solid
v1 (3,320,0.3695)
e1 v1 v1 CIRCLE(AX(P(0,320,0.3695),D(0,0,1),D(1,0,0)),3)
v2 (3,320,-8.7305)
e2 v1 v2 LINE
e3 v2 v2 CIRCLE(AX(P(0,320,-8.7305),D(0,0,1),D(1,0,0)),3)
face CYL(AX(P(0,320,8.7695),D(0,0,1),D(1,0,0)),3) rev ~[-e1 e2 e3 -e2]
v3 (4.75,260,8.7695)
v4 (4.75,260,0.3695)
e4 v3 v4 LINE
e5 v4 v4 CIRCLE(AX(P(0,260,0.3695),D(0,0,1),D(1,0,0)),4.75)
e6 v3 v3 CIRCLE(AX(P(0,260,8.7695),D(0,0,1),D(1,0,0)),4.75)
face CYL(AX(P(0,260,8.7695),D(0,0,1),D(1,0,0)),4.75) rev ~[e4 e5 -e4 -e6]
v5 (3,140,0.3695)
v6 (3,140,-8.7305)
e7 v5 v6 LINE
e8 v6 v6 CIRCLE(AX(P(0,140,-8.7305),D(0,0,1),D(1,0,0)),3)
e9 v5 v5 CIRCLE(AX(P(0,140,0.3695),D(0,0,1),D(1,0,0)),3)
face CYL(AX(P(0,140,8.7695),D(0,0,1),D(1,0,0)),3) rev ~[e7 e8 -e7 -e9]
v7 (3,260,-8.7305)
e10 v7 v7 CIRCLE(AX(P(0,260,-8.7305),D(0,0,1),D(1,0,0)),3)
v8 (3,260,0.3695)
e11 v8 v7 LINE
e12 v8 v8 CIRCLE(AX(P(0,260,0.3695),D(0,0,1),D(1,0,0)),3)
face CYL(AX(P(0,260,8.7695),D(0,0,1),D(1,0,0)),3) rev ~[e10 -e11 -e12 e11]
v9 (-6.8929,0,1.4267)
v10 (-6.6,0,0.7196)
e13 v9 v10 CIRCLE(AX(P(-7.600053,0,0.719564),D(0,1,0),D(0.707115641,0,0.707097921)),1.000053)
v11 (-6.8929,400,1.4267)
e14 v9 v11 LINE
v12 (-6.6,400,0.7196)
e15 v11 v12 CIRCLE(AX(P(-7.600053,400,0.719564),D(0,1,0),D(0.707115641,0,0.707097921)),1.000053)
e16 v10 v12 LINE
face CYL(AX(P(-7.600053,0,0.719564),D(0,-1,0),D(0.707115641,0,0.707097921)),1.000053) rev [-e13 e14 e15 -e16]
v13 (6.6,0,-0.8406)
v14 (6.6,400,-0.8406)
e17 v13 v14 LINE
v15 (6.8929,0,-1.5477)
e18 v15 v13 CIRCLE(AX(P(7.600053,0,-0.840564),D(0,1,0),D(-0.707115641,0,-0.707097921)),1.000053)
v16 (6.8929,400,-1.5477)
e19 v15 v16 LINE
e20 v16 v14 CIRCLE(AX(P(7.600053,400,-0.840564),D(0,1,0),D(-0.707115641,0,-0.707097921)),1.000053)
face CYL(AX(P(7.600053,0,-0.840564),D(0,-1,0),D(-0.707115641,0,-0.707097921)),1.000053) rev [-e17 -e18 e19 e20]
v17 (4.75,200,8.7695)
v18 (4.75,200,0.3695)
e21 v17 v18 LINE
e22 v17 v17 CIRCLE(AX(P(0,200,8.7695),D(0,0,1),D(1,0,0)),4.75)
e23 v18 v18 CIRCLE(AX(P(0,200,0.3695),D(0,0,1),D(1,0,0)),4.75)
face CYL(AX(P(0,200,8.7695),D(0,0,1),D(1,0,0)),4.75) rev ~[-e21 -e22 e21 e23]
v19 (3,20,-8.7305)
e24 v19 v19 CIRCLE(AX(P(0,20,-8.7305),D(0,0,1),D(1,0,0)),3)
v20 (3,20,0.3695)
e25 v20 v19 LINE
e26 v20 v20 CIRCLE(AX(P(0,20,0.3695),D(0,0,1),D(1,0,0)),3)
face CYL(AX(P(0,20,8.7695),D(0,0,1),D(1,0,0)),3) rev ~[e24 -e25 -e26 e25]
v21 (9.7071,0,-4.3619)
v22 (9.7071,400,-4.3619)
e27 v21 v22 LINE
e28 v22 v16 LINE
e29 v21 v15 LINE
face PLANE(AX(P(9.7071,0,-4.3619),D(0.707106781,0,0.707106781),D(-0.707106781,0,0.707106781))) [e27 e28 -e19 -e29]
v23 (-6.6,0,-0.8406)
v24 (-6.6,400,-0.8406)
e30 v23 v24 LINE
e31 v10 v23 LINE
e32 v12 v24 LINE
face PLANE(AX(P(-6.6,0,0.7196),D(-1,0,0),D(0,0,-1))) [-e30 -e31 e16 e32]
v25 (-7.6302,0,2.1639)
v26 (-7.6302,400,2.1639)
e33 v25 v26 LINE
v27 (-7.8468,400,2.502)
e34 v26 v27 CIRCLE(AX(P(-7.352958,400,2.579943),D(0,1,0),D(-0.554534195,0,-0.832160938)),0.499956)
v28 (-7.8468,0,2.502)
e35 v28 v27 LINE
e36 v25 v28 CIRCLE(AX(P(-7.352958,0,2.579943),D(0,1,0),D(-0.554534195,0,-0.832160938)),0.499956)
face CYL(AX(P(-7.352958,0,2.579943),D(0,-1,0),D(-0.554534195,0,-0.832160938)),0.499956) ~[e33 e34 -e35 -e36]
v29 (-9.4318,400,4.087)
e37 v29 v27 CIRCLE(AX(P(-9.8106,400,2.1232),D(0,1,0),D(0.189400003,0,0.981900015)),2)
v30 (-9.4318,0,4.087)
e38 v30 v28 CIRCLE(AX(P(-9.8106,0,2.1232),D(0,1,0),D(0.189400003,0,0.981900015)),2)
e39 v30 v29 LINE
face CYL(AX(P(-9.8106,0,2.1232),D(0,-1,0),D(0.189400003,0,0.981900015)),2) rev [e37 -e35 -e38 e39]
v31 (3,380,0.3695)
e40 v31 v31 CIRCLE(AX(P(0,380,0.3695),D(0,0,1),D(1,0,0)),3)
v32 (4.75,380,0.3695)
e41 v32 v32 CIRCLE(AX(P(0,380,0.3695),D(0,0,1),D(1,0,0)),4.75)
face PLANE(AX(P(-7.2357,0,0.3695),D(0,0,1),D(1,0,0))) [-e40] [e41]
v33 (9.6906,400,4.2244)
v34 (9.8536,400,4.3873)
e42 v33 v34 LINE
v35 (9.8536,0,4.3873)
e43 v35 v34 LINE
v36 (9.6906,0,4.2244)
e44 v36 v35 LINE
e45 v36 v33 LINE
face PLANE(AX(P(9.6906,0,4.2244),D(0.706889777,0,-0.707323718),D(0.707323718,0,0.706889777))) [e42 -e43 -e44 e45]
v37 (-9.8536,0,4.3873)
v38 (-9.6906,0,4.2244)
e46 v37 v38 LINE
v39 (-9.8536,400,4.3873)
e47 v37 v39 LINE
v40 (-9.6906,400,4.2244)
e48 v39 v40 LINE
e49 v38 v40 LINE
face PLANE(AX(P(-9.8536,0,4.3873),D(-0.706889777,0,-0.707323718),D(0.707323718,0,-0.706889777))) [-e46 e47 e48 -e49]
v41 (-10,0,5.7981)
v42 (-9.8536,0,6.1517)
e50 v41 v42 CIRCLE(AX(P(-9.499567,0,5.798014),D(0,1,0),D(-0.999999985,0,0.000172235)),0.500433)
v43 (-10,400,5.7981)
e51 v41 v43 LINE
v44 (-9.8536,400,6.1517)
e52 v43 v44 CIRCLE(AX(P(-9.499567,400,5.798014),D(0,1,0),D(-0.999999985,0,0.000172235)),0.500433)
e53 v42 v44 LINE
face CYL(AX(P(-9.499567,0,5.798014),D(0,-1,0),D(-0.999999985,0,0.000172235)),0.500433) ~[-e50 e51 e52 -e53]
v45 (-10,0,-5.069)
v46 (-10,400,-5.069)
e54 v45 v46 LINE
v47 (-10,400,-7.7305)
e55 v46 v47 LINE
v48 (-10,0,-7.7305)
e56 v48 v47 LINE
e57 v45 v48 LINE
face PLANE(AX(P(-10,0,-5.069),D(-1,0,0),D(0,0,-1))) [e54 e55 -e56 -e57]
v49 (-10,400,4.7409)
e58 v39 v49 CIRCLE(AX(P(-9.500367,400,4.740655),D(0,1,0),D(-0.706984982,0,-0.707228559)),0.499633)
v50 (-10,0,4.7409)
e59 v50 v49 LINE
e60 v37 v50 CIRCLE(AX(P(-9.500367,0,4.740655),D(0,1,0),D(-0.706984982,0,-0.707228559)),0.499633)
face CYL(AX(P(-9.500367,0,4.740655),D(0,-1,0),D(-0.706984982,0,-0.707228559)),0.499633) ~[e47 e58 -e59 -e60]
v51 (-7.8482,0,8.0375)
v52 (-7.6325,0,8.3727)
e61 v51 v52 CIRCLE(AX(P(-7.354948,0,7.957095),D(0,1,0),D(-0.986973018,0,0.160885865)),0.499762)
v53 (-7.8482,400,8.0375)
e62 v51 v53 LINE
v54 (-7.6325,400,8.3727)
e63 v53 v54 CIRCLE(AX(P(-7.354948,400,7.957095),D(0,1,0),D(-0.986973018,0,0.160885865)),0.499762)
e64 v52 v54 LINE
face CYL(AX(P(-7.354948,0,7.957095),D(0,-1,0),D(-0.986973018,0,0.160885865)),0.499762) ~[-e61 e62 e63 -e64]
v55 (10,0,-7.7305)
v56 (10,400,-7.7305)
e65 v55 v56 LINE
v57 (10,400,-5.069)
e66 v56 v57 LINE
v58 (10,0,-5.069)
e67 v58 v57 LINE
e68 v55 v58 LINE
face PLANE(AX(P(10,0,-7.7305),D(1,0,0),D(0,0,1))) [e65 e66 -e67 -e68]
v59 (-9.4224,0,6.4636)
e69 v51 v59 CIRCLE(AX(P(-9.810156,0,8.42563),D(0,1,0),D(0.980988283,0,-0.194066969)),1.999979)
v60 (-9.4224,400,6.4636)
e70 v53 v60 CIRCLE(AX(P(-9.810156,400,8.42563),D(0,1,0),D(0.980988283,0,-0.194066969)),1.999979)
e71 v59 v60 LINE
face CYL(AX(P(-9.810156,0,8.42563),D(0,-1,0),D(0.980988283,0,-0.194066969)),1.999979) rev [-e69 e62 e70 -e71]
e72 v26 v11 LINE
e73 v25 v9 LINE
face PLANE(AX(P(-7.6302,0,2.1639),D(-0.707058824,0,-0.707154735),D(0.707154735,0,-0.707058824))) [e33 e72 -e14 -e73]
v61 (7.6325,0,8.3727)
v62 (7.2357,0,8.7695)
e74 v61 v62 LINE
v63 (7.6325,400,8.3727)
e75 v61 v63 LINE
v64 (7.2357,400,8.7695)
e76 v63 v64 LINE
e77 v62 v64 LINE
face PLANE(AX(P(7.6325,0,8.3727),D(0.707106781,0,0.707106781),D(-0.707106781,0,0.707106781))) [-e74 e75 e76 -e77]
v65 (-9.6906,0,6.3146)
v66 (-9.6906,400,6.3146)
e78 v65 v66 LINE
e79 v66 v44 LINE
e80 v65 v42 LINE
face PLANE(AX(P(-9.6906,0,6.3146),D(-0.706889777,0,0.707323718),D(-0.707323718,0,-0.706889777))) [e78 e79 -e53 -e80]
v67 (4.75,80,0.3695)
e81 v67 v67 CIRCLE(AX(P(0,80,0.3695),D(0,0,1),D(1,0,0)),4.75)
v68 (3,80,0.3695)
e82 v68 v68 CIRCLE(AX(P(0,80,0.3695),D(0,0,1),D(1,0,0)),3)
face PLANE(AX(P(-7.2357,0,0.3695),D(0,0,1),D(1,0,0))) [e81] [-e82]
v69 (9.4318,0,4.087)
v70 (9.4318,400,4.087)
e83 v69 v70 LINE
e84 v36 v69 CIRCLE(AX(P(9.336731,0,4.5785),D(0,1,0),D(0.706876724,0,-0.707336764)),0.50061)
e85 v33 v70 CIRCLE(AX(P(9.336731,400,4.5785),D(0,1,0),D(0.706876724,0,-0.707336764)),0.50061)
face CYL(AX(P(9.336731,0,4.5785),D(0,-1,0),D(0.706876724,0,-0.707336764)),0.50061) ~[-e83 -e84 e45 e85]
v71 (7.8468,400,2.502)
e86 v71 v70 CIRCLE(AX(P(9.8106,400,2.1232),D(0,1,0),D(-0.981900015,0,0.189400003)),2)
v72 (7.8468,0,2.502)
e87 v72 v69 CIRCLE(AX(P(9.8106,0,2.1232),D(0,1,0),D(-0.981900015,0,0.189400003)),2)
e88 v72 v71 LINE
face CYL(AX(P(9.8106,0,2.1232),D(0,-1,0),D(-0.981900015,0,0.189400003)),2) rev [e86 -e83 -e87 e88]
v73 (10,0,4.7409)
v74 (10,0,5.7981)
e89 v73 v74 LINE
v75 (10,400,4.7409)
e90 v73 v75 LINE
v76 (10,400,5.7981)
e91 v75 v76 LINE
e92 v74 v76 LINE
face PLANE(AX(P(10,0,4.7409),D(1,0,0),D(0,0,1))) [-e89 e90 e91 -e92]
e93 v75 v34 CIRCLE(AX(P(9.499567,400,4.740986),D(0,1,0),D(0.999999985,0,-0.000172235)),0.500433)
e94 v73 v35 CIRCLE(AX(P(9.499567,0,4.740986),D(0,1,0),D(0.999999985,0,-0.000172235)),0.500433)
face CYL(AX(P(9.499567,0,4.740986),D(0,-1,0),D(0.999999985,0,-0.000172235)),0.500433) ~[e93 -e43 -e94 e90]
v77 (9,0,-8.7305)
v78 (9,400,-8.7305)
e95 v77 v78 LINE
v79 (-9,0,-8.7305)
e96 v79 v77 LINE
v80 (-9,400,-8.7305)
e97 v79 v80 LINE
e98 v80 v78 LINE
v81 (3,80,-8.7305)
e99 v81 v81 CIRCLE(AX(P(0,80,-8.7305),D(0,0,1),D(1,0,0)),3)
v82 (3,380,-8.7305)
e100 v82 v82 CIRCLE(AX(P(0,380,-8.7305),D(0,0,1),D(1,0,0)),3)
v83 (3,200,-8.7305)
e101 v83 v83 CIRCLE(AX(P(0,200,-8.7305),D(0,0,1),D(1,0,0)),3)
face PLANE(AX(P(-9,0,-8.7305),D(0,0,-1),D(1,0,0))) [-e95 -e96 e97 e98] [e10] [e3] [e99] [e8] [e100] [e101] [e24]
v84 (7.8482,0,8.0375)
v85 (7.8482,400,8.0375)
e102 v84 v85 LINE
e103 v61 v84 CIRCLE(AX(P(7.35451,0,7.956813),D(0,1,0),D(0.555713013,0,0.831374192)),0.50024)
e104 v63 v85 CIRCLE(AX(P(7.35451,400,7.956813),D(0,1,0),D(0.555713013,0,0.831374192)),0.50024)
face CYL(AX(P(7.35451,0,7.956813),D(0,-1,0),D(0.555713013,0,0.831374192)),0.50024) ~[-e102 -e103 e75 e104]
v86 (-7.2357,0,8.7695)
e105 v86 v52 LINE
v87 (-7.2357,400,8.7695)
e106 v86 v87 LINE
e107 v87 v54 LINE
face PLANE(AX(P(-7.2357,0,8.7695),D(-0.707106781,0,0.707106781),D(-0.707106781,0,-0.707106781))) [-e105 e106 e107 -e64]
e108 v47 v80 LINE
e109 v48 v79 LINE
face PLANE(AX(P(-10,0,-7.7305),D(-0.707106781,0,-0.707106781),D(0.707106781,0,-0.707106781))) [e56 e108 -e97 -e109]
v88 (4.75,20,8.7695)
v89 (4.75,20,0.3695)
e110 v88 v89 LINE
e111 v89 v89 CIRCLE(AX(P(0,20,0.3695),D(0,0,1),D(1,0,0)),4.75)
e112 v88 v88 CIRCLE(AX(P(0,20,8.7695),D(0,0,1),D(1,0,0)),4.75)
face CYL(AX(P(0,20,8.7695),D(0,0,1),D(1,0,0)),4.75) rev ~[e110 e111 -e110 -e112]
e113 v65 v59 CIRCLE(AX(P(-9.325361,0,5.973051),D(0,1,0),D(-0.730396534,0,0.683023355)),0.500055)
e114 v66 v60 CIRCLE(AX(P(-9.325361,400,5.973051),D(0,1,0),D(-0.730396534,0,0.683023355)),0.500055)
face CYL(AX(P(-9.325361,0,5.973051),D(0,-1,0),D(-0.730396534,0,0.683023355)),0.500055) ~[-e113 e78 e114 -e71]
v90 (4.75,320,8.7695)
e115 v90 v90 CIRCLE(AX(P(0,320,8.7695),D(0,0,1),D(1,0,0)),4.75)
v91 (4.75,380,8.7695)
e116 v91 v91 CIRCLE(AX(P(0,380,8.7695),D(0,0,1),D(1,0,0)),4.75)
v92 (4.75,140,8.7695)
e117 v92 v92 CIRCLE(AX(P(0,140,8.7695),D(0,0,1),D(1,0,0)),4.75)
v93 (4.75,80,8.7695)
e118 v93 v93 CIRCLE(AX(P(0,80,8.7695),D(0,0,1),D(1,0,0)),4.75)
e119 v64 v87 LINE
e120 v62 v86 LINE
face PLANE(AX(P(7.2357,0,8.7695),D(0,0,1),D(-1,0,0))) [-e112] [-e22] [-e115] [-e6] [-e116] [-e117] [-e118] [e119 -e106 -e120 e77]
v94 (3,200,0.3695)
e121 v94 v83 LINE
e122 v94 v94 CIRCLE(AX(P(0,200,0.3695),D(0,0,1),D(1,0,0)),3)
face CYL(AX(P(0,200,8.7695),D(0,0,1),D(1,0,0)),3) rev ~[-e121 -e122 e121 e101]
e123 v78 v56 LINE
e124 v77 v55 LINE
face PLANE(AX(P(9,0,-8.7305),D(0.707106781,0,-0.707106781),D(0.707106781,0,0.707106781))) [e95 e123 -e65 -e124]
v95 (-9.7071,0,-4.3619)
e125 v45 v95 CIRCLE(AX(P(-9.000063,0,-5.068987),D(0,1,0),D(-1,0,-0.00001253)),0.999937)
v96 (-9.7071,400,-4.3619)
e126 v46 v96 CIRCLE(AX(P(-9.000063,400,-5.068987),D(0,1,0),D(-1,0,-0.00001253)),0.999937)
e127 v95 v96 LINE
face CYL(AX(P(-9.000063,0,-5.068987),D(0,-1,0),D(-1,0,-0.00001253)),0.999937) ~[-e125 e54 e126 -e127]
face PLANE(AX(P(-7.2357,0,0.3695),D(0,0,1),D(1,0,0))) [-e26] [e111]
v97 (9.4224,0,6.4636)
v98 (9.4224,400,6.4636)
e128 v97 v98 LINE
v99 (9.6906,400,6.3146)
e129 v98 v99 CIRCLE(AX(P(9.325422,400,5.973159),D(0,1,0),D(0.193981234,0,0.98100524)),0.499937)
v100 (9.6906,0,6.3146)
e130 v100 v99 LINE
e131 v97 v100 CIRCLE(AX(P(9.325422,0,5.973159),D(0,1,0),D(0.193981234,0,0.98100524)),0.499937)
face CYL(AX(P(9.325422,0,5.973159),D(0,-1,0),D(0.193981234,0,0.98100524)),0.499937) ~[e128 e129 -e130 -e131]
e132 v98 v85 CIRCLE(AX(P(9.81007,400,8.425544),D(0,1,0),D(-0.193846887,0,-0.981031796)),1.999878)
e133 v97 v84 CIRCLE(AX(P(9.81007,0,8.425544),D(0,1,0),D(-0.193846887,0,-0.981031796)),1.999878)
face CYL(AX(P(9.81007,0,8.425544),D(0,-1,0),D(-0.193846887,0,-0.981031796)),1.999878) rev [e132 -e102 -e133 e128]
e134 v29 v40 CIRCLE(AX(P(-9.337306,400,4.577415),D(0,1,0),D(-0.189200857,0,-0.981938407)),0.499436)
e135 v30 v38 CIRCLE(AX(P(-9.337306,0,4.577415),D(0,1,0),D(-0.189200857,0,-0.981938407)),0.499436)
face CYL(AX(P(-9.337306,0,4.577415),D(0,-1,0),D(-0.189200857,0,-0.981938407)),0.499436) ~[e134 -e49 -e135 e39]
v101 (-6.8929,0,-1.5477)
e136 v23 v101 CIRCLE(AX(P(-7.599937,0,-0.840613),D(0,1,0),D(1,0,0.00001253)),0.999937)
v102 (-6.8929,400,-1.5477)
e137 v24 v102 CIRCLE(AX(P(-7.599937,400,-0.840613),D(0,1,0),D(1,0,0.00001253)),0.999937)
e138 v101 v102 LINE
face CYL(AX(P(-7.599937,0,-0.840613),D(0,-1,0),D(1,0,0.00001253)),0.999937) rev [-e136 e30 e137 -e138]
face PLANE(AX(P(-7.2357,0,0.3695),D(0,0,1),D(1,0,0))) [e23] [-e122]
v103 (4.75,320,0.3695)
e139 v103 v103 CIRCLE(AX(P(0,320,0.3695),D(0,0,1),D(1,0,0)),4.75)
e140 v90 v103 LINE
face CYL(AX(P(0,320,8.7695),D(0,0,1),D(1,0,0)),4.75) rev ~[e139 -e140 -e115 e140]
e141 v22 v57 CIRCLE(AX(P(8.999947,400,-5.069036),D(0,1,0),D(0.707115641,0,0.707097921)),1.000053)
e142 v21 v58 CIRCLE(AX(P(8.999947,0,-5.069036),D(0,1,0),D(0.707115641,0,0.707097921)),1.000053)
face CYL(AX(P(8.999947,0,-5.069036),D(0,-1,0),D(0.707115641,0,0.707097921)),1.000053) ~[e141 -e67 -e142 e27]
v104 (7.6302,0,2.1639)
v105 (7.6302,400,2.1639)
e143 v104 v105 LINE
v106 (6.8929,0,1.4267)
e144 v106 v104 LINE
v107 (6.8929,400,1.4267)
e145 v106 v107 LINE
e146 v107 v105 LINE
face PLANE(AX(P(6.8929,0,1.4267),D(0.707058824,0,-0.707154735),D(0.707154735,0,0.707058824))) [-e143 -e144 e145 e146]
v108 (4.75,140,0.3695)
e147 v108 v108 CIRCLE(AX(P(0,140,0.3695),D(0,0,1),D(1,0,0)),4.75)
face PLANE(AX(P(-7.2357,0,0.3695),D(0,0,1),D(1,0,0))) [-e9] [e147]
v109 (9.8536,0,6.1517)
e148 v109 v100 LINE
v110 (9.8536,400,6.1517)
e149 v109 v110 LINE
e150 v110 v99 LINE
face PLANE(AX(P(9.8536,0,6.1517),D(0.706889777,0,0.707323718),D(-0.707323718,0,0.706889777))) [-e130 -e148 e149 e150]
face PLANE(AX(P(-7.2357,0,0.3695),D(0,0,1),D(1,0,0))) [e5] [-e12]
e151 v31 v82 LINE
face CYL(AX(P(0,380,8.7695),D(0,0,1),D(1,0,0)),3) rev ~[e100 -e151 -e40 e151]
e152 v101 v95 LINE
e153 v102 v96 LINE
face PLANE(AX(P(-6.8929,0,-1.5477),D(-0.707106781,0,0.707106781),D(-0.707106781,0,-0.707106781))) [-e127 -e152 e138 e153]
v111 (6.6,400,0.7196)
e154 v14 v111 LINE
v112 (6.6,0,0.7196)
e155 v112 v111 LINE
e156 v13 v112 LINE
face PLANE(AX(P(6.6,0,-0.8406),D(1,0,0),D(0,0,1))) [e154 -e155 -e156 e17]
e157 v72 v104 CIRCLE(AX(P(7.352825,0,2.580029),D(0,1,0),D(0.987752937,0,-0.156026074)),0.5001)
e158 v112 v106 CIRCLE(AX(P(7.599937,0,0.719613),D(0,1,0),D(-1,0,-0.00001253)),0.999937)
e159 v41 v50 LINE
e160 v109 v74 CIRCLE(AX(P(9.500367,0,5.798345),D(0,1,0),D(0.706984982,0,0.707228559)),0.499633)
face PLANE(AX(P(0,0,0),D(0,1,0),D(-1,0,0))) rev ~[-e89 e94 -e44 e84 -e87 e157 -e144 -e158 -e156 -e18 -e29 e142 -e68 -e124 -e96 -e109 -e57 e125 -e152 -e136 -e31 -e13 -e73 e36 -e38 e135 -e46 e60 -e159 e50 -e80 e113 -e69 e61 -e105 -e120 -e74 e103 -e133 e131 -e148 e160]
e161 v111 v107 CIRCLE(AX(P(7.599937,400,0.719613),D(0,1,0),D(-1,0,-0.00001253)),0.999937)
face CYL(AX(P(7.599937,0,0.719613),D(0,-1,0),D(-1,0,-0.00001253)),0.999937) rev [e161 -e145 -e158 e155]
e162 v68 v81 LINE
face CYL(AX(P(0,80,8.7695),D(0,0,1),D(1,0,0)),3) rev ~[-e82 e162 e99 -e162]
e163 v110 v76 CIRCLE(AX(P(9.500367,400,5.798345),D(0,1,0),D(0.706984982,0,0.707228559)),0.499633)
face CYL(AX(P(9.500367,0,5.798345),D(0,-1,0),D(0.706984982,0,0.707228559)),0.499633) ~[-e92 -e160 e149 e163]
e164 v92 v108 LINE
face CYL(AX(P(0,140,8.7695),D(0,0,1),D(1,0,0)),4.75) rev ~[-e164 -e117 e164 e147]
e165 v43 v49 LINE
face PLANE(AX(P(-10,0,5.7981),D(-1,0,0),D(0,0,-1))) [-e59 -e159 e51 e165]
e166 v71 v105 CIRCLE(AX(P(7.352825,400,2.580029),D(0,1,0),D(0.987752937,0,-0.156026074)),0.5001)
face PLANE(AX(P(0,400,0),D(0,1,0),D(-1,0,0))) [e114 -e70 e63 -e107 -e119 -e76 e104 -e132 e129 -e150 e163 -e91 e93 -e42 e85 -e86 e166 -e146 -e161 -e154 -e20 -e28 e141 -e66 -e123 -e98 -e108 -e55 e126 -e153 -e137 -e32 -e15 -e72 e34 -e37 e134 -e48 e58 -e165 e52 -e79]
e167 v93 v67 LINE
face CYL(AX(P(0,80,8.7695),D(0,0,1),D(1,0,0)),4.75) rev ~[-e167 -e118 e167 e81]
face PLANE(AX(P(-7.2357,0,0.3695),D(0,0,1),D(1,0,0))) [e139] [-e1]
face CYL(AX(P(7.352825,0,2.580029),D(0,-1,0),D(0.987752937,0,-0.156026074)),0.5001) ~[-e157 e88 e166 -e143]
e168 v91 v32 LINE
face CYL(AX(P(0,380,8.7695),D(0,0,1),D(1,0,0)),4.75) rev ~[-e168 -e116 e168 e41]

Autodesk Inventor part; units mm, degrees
ref_plane "YZ Plane" through (0, 0, 0) normal (1, 0, 0) x (0, 1, 0)
ref_plane "XZ Plane" through (0, 0, 0) normal (0, 1, 0) x (-1, 0, 0)
ref_plane "XY Plane" through (0, 0, 0) normal (0, 0, 1) x (1, 0, 0)
sketch "Sketch1" plane through (0, 0, 0) normal (0, 1, 0) x (-1, 0, 0)
  arc A0 (-9.8536, 6.1517) -> (-10, 5.7981) centre (-9.5, 5.7981) ccw
  line L0 (-10, 4.7409) -> (-10, 5.7981)
  arc A1 (-10, 4.7409) -> (-9.8536, 4.3873) centre (-9.5, 4.7409) ccw
  line L1 (-9.6906, 4.2244) -> (-9.8536, 4.3873)
  arc A2 (-9.6906, 4.2244) -> (-9.4318, 4.087) centre (-9.3371, 4.578) ccw
  arc A3 (-7.8468, 2.502) -> (-9.4318, 4.087) centre (-9.8106, 2.1232) ccw
  arc A4 (-7.8468, 2.502) -> (-7.6302, 2.1639) centre (-7.3529, 2.58) ccw
  line L2 (-6.8929, 1.4267) -> (-7.6302, 2.1639)
  arc A5 (-6.6, 0.7196) -> (-6.8929, 1.4267) centre (-7.6, 0.7196) ccw
  line L3 (-6.6, -0.8406) -> (-6.6, 0.7196)
  arc A6 (-6.8929, -1.5477) -> (-6.6, -0.8406) centre (-7.6, -0.8406) ccw
  line L4 (-9.7071, -4.3619) -> (-6.8929, -1.5477)
  arc A7 (-9.7071, -4.3619) -> (-10, -5.069) centre (-9, -5.069) ccw
  line L5 (-10, -7.7305) -> (-10, -5.069)
  line L6 (-9, -8.7305) -> (-10, -7.7305)
  line L7 (9, -8.7305) -> (-9, -8.7305)
  line L8 (10, -7.7305) -> (9, -8.7305)
  line L9 (10, -5.069) -> (10, -7.7305)
  arc A8 (10, -5.069) -> (9.7071, -4.3619) centre (9, -5.069) ccw
  line L10 (6.8929, -1.5477) -> (9.7071, -4.3619)
  arc A9 (6.6, -0.8406) -> (6.8929, -1.5477) centre (7.6, -0.8406) ccw
  line L11 (6.6, 0.7196) -> (6.6, -0.8406)
  arc A10 (6.8929, 1.4267) -> (6.6, 0.7196) centre (7.6, 0.7196) ccw
  line L12 (7.6302, 2.1639) -> (6.8929, 1.4267)
  arc A11 (7.6302, 2.1639) -> (7.8468, 2.502) centre (7.3529, 2.58) ccw
  arc A12 (9.4318, 4.087) -> (7.8468, 2.502) centre (9.8106, 2.1232) ccw
  arc A13 (9.4318, 4.087) -> (9.6906, 4.2244) centre (9.3371, 4.578) ccw
  line L13 (9.8536, 4.3873) -> (9.6906, 4.2244)
  arc A14 (9.8536, 4.3873) -> (10, 4.7409) centre (9.5, 4.7409) ccw
  line L14 (10, 5.7981) -> (10, 4.7409)
  arc A15 (10, 5.7981) -> (9.8536, 6.1517) centre (9.5, 5.7981) ccw
  line L15 (9.6906, 6.3146) -> (9.8536, 6.1517)
  arc A16 (9.6906, 6.3146) -> (9.4224, 6.4636) centre (9.3254, 5.9731) ccw
  arc A17 (7.8482, 8.0375) -> (9.4224, 6.4636) centre (9.8101, 8.4256) ccw
  arc A18 (7.8482, 8.0375) -> (7.6325, 8.3727) centre (7.3547, 7.957) ccw
  line L16 (7.2357, 8.7695) -> (7.6325, 8.3727)
  line L17 (-7.2357, 8.7695) -> (7.2357, 8.7695)
  line L18 (-7.6325, 8.3727) -> (-7.2357, 8.7695)
  arc A19 (-7.6325, 8.3727) -> (-7.8482, 8.0375) centre (-7.3547, 7.957) ccw
  arc A20 (-9.4224, 6.4636) -> (-7.8482, 8.0375) centre (-9.8101, 8.4256) ccw
  arc A21 (-9.4224, 6.4636) -> (-9.6906, 6.3146) centre (-9.3254, 5.9731) ccw
  line L19 (-9.8536, 6.1517) -> (-9.6906, 6.3146)
  point P0 (0, 0)
  point P1 (0, 5.2695)
extrude "Extrusion1" add sketch "Sketch1" along normal blind 400
sketch "Sketch2" plane through (-7.2357, 0, 8.7695) normal (0, 0, 1) x (1, 0, 0)
  circle A0 centre (7.2357, 20) radius 3
  line L0 (0, 0) -> (14.4714, 0) projected
  circle A1 centre (7.2357, 80) radius 3
  circle A2 centre (7.2357, 140) radius 3
  circle A3 centre (7.2357, 200) radius 3
  circle A4 centre (7.2357, 260) radius 3
  circle A5 centre (7.2357, 320) radius 3
  circle A6 centre (7.2357, 380) radius 3
  point P0 (7.2357, 0)
  point P1 (7.2357, 0)
  dimension "d2" = 6
  dimension "d3" = 20
  dimension "d4" = 60
  dimension "d5" = 60
  dimension "d6" = 60
  dimension "d7" = 60
  dimension "d13" = 60
  dimension "d14" = 60
extrude "Extrusion2" cut sketch "Sketch2" against normal through all contours A0 | A1 | A2 | A3 | A4
sketch "Sketch3" plane through (-7.2357, 0, 8.7695) normal (0, 0, 1) x (1, 0, 0)
  circle A0 centre (7.2357, 140) radius 3 projected
  circle A1 centre (7.2357, 80) radius 3 projected
  circle A2 centre (7.2357, 200) radius 3 projected
  circle A3 centre (7.2357, 20) radius 3 projected
  circle A4 centre (7.2357, 260) radius 3 projected
  line L0 (0, 0) -> (14.4714, 0) projected
  line L1 (14.4714, 0) -> (14.4714, 400) projected
  line L2 (0, 400) -> (14.4714, 400) projected
  line L3 (0, 0) -> (0, 400) projected
  circle A5 centre (7.2357, 20) radius 4.75
  circle A6 centre (7.2357, 80) radius 4.75
  circle A7 centre (7.2357, 140) radius 4.75
  circle A8 centre (7.2357, 200) radius 4.75
  circle A9 centre (7.2357, 260) radius 4.75
  circle A10 centre (7.2357, 320) radius 4.75
  circle A11 centre (7.2357, 380) radius 4.75
  point P0 (7.2357, 0)
  dimension "d10" = 9.5
  dimension "d17" = 60
  dimension "d18" = 60
extrude "Extrusion3" cut sketch "Sketch3" against normal blind 8.4 contours A1 | A5 | A6 | A7 | A8 | A9
extrude "Extrusion4" cut sketch "Sketch2" against normal through all contours A5 | A6
extrude "Extrusion5" cut sketch "Sketch3" against normal up to surface (8.4 mm away) contours A10 | A11
equation "\"d5\" = d4"
equation "\"d6\" = d5"
equation "\"d7\" = d6"
equation "\"d13\" = d7"
equation "\"d14\" = d13"
equation "\"d18\" = d17"
properties part number "HGR20R-LinearRail300mm" material "Stainless Steel"
